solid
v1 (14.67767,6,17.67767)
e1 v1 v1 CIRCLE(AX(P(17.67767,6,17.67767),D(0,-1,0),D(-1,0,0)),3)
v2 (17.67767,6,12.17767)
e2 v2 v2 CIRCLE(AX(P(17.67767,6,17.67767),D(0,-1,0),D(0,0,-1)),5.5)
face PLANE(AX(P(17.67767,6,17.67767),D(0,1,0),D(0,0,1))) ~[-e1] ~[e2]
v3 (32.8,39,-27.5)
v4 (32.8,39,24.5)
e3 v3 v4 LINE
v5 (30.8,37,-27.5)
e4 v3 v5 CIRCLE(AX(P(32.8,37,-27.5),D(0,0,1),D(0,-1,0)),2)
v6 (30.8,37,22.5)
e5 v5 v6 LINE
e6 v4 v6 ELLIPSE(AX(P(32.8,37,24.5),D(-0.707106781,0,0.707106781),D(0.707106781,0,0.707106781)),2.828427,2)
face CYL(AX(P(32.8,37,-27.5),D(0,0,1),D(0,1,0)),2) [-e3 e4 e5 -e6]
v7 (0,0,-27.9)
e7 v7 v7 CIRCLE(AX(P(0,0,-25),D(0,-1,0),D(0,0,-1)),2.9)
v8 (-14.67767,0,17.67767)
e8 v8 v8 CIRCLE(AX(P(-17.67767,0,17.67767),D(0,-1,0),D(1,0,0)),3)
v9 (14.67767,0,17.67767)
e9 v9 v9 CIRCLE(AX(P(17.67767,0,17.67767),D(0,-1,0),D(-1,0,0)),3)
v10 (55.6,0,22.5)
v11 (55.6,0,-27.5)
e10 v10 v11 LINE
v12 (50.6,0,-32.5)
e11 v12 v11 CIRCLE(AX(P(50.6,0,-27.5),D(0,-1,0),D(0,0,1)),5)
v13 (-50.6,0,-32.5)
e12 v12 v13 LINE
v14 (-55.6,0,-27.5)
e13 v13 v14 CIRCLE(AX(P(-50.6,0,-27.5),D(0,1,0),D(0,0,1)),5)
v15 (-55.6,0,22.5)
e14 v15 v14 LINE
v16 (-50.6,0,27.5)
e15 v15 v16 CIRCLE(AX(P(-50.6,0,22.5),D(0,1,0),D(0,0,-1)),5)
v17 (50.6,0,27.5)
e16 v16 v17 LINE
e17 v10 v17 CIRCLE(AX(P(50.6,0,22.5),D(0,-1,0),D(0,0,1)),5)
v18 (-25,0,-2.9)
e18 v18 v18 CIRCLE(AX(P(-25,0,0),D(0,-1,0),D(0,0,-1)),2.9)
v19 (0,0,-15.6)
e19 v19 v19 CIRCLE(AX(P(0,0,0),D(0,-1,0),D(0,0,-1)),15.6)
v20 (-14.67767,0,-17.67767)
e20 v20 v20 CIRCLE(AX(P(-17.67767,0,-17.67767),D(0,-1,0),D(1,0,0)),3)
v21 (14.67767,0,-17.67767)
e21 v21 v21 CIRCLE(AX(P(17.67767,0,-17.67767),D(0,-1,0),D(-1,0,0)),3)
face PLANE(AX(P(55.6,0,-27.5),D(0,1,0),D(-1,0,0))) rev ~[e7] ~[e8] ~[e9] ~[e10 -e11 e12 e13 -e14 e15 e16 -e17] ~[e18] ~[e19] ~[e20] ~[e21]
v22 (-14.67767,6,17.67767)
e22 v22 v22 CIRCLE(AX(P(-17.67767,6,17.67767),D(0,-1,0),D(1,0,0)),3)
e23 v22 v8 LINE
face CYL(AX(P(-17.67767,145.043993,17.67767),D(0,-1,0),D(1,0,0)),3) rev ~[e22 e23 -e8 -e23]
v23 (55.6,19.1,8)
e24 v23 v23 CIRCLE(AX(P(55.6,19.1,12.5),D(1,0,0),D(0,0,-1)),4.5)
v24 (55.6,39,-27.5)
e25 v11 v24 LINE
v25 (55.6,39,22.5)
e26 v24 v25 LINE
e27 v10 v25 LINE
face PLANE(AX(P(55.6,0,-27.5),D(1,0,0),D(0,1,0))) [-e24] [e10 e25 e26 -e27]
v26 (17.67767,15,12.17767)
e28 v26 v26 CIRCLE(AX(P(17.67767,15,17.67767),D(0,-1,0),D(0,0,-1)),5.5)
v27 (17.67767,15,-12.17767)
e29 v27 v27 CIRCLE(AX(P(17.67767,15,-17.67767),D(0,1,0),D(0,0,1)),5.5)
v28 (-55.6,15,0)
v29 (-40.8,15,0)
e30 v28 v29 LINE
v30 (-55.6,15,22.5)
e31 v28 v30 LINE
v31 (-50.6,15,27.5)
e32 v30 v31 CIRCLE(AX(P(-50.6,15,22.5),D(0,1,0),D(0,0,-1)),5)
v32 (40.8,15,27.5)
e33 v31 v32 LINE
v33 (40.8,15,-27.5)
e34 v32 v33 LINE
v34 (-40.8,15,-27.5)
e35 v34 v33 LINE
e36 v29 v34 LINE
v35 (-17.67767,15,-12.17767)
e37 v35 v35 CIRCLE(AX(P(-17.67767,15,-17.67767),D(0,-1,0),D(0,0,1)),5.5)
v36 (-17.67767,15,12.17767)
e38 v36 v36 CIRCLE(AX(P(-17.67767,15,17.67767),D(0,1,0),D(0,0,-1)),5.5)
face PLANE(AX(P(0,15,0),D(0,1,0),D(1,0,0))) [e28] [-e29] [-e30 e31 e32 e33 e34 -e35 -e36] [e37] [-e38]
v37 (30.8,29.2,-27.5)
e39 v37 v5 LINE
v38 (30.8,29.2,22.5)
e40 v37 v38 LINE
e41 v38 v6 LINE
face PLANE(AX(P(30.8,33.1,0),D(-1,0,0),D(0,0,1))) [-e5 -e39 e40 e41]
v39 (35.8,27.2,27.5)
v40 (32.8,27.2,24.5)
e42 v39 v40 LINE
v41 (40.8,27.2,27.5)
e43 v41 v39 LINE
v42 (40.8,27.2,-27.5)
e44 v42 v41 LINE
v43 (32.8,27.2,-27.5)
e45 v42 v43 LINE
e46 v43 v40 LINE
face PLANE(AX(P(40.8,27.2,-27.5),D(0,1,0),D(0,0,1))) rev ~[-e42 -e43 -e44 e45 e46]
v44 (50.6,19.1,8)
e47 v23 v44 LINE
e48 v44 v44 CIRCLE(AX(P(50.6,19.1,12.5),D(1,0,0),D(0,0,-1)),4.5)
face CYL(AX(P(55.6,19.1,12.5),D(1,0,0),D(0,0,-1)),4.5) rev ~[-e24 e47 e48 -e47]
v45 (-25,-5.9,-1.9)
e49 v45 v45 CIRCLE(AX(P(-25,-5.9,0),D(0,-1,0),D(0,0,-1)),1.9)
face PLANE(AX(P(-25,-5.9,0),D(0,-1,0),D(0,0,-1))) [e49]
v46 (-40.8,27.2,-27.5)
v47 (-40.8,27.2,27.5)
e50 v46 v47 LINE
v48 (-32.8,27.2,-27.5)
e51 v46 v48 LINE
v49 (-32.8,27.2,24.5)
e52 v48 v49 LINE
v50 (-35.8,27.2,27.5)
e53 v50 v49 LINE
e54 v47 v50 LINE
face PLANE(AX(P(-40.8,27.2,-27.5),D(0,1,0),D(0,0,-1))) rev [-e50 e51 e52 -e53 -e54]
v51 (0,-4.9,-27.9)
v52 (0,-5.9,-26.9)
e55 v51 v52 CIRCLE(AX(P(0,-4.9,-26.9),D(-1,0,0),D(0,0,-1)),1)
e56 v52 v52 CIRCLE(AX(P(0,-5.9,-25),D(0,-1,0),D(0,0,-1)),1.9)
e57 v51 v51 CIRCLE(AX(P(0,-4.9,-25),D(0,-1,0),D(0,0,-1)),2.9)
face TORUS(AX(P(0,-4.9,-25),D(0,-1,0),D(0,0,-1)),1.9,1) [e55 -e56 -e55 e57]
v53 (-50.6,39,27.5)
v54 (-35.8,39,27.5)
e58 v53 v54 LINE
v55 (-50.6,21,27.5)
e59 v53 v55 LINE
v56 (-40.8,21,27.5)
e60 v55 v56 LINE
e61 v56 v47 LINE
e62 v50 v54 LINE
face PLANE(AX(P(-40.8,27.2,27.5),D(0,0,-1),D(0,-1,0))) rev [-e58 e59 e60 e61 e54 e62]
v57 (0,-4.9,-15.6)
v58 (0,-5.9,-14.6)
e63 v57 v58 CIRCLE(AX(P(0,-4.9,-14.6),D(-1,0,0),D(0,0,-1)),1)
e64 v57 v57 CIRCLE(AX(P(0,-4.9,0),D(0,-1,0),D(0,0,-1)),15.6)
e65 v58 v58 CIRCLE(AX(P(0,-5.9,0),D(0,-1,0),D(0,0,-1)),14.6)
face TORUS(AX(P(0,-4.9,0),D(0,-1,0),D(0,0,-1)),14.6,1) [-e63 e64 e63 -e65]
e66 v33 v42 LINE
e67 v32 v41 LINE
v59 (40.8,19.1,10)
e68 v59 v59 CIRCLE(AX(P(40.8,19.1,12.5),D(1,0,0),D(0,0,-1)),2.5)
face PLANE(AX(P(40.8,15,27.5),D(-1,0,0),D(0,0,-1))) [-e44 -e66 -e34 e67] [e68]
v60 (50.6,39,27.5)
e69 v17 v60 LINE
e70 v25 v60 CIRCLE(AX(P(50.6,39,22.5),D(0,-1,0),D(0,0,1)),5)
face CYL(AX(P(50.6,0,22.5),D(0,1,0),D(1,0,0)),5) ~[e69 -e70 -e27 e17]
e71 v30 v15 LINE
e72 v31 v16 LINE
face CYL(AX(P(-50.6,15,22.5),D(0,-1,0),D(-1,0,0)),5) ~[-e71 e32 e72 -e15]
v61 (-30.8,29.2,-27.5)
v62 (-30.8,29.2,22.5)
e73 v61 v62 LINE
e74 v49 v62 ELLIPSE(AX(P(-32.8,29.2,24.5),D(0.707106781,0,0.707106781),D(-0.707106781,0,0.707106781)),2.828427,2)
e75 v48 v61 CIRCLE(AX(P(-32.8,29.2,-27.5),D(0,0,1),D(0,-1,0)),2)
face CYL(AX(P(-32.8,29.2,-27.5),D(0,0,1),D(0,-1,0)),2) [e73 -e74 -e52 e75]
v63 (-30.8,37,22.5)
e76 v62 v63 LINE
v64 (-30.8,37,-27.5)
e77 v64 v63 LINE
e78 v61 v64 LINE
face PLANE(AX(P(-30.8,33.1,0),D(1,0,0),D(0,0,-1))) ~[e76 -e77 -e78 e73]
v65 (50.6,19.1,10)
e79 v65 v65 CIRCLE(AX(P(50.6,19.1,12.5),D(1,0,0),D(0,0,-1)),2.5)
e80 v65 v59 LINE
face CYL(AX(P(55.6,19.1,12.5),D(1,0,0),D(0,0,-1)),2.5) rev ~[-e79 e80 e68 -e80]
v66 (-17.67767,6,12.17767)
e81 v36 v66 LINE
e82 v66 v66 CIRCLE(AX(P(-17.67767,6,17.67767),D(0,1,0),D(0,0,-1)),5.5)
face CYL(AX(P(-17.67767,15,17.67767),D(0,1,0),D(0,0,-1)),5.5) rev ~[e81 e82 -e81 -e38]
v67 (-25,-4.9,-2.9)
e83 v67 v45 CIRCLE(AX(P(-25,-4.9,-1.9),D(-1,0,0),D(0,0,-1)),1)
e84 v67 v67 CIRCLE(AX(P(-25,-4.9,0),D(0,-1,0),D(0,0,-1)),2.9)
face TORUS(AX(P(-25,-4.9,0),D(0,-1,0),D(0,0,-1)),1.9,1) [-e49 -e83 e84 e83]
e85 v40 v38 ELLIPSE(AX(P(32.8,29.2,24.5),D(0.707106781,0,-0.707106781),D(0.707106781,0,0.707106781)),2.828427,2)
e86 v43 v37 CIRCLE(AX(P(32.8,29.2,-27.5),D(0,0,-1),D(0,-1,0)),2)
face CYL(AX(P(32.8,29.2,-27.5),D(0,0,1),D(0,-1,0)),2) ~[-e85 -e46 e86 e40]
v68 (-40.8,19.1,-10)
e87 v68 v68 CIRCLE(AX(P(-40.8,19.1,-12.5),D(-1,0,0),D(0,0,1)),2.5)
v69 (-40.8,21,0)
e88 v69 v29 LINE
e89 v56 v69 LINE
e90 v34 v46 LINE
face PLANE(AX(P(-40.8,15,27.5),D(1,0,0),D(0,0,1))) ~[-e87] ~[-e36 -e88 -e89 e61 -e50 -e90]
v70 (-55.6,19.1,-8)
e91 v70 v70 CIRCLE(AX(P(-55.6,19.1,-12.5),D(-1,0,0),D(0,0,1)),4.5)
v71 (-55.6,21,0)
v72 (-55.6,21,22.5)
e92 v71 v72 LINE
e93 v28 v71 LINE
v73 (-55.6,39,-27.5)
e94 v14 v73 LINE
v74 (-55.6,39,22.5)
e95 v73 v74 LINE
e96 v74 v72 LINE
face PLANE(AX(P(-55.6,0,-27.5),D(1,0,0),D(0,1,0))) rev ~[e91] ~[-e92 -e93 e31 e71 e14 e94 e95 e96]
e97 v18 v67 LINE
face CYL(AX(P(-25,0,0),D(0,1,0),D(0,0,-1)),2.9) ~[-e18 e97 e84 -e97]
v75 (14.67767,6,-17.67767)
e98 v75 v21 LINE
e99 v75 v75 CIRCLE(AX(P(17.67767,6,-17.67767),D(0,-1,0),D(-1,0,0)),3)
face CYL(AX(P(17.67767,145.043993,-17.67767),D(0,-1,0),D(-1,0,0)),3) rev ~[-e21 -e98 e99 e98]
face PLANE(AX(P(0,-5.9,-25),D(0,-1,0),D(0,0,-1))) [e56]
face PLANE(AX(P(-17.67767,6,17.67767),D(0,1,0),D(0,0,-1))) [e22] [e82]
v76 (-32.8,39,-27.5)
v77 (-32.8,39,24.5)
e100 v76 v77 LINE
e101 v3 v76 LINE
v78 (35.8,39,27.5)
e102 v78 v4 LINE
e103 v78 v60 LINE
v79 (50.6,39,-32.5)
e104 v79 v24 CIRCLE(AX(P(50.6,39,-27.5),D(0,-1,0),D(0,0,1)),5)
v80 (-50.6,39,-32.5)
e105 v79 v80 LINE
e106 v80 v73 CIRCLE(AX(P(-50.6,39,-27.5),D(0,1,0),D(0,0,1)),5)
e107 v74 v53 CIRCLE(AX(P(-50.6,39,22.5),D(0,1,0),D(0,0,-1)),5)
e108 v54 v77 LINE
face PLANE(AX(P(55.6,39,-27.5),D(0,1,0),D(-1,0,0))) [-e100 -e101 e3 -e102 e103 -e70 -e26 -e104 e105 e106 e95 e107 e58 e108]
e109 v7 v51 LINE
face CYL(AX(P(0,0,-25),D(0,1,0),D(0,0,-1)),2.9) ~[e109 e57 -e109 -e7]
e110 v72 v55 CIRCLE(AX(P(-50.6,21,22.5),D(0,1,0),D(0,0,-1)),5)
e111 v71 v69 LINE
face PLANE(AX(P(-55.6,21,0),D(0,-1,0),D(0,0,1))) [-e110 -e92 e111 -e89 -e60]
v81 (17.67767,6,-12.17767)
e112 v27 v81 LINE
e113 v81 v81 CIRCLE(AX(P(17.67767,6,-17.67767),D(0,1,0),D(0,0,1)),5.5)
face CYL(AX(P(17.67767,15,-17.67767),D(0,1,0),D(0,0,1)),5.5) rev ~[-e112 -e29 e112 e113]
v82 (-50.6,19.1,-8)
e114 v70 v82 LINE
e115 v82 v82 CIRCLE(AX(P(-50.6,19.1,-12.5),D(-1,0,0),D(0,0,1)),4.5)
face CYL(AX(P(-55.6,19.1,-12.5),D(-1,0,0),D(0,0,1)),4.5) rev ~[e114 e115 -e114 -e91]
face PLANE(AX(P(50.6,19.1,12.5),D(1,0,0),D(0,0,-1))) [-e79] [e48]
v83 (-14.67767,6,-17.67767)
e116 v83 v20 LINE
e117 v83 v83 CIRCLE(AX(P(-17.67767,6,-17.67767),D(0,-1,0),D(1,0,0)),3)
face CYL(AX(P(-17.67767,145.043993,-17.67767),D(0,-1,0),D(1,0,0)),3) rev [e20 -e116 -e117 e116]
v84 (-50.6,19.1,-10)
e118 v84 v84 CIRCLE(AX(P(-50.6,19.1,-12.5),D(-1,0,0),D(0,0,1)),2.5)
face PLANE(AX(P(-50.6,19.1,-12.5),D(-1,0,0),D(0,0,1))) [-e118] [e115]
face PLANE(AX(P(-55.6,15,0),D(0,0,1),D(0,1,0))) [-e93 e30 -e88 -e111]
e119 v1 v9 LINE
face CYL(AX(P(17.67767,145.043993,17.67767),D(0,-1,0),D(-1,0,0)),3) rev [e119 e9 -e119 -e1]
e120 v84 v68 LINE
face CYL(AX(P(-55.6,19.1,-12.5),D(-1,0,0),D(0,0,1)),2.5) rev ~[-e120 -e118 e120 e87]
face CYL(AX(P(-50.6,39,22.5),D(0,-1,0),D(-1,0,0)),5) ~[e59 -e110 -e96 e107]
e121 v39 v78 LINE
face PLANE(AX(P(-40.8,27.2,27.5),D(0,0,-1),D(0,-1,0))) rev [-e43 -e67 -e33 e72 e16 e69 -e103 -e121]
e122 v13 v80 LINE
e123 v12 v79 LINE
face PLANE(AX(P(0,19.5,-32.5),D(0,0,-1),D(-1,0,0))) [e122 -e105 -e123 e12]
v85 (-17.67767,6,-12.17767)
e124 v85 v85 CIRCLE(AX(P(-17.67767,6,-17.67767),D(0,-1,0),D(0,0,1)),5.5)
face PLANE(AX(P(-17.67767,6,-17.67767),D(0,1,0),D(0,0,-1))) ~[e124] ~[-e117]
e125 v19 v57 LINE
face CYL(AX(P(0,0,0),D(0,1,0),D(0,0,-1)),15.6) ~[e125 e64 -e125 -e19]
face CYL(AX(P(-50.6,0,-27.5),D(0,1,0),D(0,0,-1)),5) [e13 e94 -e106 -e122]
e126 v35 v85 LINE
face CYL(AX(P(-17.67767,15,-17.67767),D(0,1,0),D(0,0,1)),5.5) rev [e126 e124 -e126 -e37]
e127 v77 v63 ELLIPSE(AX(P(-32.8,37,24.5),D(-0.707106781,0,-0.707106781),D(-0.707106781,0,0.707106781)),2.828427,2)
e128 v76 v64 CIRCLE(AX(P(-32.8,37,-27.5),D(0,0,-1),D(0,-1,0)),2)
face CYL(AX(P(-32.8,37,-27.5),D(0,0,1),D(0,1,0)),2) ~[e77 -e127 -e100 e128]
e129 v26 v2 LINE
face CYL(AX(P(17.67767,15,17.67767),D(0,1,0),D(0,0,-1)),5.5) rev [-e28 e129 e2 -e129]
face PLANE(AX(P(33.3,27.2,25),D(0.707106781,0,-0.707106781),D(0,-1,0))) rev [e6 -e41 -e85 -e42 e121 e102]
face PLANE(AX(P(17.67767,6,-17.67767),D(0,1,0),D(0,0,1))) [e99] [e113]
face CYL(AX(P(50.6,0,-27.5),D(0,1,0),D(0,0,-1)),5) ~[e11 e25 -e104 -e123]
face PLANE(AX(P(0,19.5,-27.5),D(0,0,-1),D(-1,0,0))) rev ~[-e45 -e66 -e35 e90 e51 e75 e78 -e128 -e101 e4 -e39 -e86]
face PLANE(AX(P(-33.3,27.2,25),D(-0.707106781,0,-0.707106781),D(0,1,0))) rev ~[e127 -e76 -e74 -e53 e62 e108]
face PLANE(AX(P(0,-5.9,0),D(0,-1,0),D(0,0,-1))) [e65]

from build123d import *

# Parameters (mm, degrees)
SCHIZZO2_W                   = 111.2
SCHIZZO2_H                   = 55
ESTRUSIONE_ESTRUSIONE1_DEPTH = 15
SCHIZZO3_W                   = 14.8
SCHIZZO3_H                   = 55
ESTRUSIONE_ESTRUSIONE2_DEPTH = 24
SCHIZZO4_W                   = 55
SCHIZZO4_H                   = 11.8
ESTRUSIONE_ESTRUSIONE3_DEPTH = 10
SMUSSO1_SIZE                 = 5
SMUSSO2_SIZE                 = 5
FORO_6_0_6_1_D               = 6
SPECCHIA11_COPY_1_D          = 6
SCHIZZO10_R                  = 5.5
TAGLIO_ESTRUSIONE3_DEPTH     = 9
SPECCHIA13_COPY_1_SKETCH_R   = 5.5
SPECCHIA13_COPY_1_DEPTH      = 9
RACCORDO1_R                  = 2
CUT_EXTRUDE1_REACH           = 123.007
SKETCH2_W                    = 27.5
SKETCH2_H                    = 6
SKETCH3_W                    = 111.2
SKETCH3_H                    = 39
BOSS_EXTRUDE1_DEPTH          = 5
SKETCH5_R                    = 15.6
BOSS_EXTRUDE2_DEPTH          = 5.9
FILLET1_R                    = 1
FILLET2_R                    = 5
SCHIZZO11_R                  = 2.9
ESTRUSIONE_ESTRUSIONE4_DEPTH = 5.9
RACCORDO2_R                  = 1
CUT_EXTRUDE2_REACH           = 124.24
SKETCH6_R                    = 2.5
CUT_EXTRUDE3_REACH           = 124.24
SKETCH7_R                    = 2.5
SKETCH8_R                    = 4.5
CUT_EXTRUDE4_DEPTH           = 5
SKETCH9_R                    = 4.5
CUT_EXTRUDE5_DEPTH           = 5


with BuildPart() as part:
    # Schizzo2 → Estrusione-Estrusione1 (new body)
    with BuildSketch(Plane(origin=(0, 0, 0), x_dir=(1, 0, 0), z_dir=(0, 1, 0))):
        Rectangle(SCHIZZO2_W, SCHIZZO2_H)
    extrude(amount=ESTRUSIONE_ESTRUSIONE1_DEPTH)

    # Schizzo3 → Estrusione-Estrusione2 (add)
    with BuildSketch(Plane(origin=(0, 15, 0), x_dir=(1, 0, 0), z_dir=(0, 1, 0))):
        with Locations((48.2, 0)):
            Rectangle(SCHIZZO3_W, SCHIZZO3_H)
    estrusione_estrusione2 = extrude(amount=ESTRUSIONE_ESTRUSIONE2_DEPTH)

    # Schizzo4 → Estrusione-Estrusione3 (add)
    with BuildSketch(Plane.ZY.offset(-40.8)):
        with Locations((0, 33.1)):
            Rectangle(SCHIZZO4_W, SCHIZZO4_H)
    estrusione_estrusione3 = extrude(amount=ESTRUSIONE_ESTRUSIONE3_DEPTH)

    # Smusso1
    smusso1_edges = [part.edges().sort_by_distance(p)[0] for p in [
        (30.8, 33.1, 27.5),
    ]]
    chamfer(smusso1_edges, length=SMUSSO1_SIZE)

    # Specchia2: Estrusione-Estrusione2 across plane
    add(estrusione_estrusione2.mirror(Plane(origin=(0, 0, 0), x_dir=(0, 0, 1), z_dir=(1, 0, 0))))

    # Specchia3: Estrusione-Estrusione3 across plane
    add(estrusione_estrusione3.mirror(Plane(origin=(0, 0, 0), x_dir=(0, 0, 1), z_dir=(1, 0, 0))))

    # Smusso2
    smusso2_edges = [part.edges().sort_by_distance(p)[0] for p in [
        (-30.8, 33.1, 27.5),
    ]]
    chamfer(smusso2_edges, length=SMUSSO2_SIZE)

    # Foro Ø6.0 (6)-1 (through all)
    with Locations(Plane(origin=(0, 15, 0), x_dir=(1, 0, 0), z_dir=(0, 1, 0))):
        with Locations((17.67766953, 17.67766953)):
            foro_6_0_6_1 = Hole(FORO_6_0_6_1_D / 2)

    # Specchia10: Foro Ø6.0 (6)-1 across plane
    add(foro_6_0_6_1.mirror(Plane.XY), mode=Mode.SUBTRACT)

    # Specchia11: Foro Ø6.0 (6)-1 across plane
    add(foro_6_0_6_1.mirror(Plane(origin=(0, 0, 0), x_dir=(0, 0, 1), z_dir=(1, 0, 0))), mode=Mode.SUBTRACT)

    # Specchia11 copy 1 (through all)
    with Locations(Plane(origin=(0, 15, 0), x_dir=(-1, 0, 0), z_dir=(0, 1, 0))):
        with Locations((17.67766953, 17.67766953)):
            Hole(SPECCHIA11_COPY_1_D / 2)

    # Schizzo10 → Taglio-Estrusione3 (cut)
    with BuildSketch(Plane(origin=(0, 15, 0), x_dir=(1, 0, 0), z_dir=(0, 1, 0))):
        with Locations(Location((17.67766953, 17.67766953, 0), (0, 0, 270))):
            Circle(SCHIZZO10_R)
    taglio_estrusione3 = extrude(amount=-TAGLIO_ESTRUSIONE3_DEPTH, mode=Mode.SUBTRACT)

    # Specchia12: Taglio-Estrusione3 across plane
    add(taglio_estrusione3.mirror(Plane.XY), mode=Mode.SUBTRACT)

    # Specchia13: Taglio-Estrusione3 across plane
    add(taglio_estrusione3.mirror(Plane(origin=(0, 0, 0), x_dir=(0, 0, 1), z_dir=(1, 0, 0))), mode=Mode.SUBTRACT)

    # Specchia13 copy 1 sketch → Specchia13 copy 1 (cut)
    with BuildSketch(Plane(origin=(0, 15, 0), x_dir=(-1, 0, 0), z_dir=(0, 1, 0))):
        with Locations(Location((17.67766953, 17.67766953, 0), (0, 0, 270))):
            Circle(SPECCHIA13_COPY_1_SKETCH_R)
    extrude(amount=-SPECCHIA13_COPY_1_DEPTH, mode=Mode.SUBTRACT)

    # Raccordo1
    raccordo1_edges = [part.edges().sort_by_distance(p)[0] for p in [
        (30.8, 27.2, -2.5),
        (30.8, 39, -2.5),
        (-30.8, 27.2, -2.5),
        (-30.8, 39, -2.5),
    ]]
    fillet(raccordo1_edges, radius=RACCORDO1_R)

    # Sketch2 → Cut-Extrude1 (cut, up to next)
    with BuildSketch(Plane.ZY.offset(55.6), mode=Mode.PRIVATE) as cut_extrude1_sk1:
        with Locations((13.75, 18)):
            Rectangle(SKETCH2_W, SKETCH2_H)
    cut_extrude1_tool1 = extrude(cut_extrude1_sk1.sketch, amount=-CUT_EXTRUDE1_REACH, mode=Mode.PRIVATE) & part.part
    add(cut_extrude1_tool1.solids().sort_by_distance((-55.6, 18, 13.75))[0], mode=Mode.SUBTRACT)

    # Sketch3 → Boss-Extrude1 (add)
    with BuildSketch(Plane(origin=(0, 0, -27.5), x_dir=(-1, 0, 0), z_dir=(0, 0, -1))):
        with Locations((0, 19.5)):
            Rectangle(SKETCH3_W, SKETCH3_H)
    extrude(amount=BOSS_EXTRUDE1_DEPTH)

    # Sketch5 → Boss-Extrude2 (add)
    with BuildSketch(Plane.XZ):
        with Locations(Location((0, 0, 0), (0, 0, 270))):
            Circle(SKETCH5_R)
    extrude(amount=BOSS_EXTRUDE2_DEPTH)

    # Fillet1
    fillet1_edges = [part.edges().sort_by_distance(p)[0] for p in [
        (0, -5.9, 15.6),
    ]]
    fillet(fillet1_edges, radius=FILLET1_R)

    # Fillet2
    fillet2_edges = [part.edges().sort_by_distance(p)[0] for p in [
        (-55.6, 7.5, 27.5),
        (55.6, 19.5, -32.5),
        (-55.6, 19.5, -32.5),
        (55.6, 19.5, 27.5),
        (-55.6, 30, 27.5),
    ]]
    fillet(fillet2_edges, radius=FILLET2_R)

    # Schizzo11 → Estrusione-Estrusione4 (add)
    with BuildSketch(Plane.XZ):
        with Locations(Location((0, -25, 0), (0, 0, 270))):
            Circle(SCHIZZO11_R)
        with Locations(Location((-25, 0, 0), (0, 0, 270))):
            Circle(SCHIZZO11_R)
    extrude(amount=ESTRUSIONE_ESTRUSIONE4_DEPTH)

    # Raccordo2
    raccordo2_edges = [part.edges().sort_by_distance(p)[0] for p in [
        (0, -5.9, -22.1),
        (-25, -5.9, 2.9),
    ]]
    fillet(raccordo2_edges, radius=RACCORDO2_R)

    # Sketch6 → Cut-Extrude2 (cut, up to next)
    with BuildSketch(Plane.ZY.offset(55.6), mode=Mode.PRIVATE) as cut_extrude2_sk1:
        with Locations((-12.5, 19.1)):
            Circle(SKETCH6_R)
    cut_extrude2_tool1 = extrude(cut_extrude2_sk1.sketch, amount=-CUT_EXTRUDE2_REACH, mode=Mode.PRIVATE) & part.part
    add(cut_extrude2_tool1.solids().sort_by_distance((-55.6, 19.1, -12.5))[0], mode=Mode.SUBTRACT)

    # Sketch7 → Cut-Extrude3 (cut, up to next)
    with BuildSketch(Plane(origin=(55.6, 0, 0), x_dir=(0, 0, -1), z_dir=(1, 0, 0)), mode=Mode.PRIVATE) as cut_extrude3_sk1:
        with Locations((-12.5, 19.1)):
            Circle(SKETCH7_R)
    cut_extrude3_tool1 = extrude(cut_extrude3_sk1.sketch, amount=-CUT_EXTRUDE3_REACH, mode=Mode.PRIVATE) & part.part
    add(cut_extrude3_tool1.solids().sort_by_distance((55.6, 19.1, 12.5))[0], mode=Mode.SUBTRACT)

    # Sketch8 → Cut-Extrude4 (cut)
    with BuildSketch(Plane.ZY.offset(55.6)):
        with Locations((-12.5, 19.1)):
            Circle(SKETCH8_R)
    extrude(amount=-CUT_EXTRUDE4_DEPTH, mode=Mode.SUBTRACT)

    # Sketch9 → Cut-Extrude5 (cut)
    with BuildSketch(Plane(origin=(55.6, 0, 0), x_dir=(0, 0, -1), z_dir=(1, 0, 0))):
        with Locations((-12.5, 19.1)):
            Circle(SKETCH9_R)
    extrude(amount=-CUT_EXTRUDE5_DEPTH, mode=Mode.SUBTRACT)


solid = part.part
